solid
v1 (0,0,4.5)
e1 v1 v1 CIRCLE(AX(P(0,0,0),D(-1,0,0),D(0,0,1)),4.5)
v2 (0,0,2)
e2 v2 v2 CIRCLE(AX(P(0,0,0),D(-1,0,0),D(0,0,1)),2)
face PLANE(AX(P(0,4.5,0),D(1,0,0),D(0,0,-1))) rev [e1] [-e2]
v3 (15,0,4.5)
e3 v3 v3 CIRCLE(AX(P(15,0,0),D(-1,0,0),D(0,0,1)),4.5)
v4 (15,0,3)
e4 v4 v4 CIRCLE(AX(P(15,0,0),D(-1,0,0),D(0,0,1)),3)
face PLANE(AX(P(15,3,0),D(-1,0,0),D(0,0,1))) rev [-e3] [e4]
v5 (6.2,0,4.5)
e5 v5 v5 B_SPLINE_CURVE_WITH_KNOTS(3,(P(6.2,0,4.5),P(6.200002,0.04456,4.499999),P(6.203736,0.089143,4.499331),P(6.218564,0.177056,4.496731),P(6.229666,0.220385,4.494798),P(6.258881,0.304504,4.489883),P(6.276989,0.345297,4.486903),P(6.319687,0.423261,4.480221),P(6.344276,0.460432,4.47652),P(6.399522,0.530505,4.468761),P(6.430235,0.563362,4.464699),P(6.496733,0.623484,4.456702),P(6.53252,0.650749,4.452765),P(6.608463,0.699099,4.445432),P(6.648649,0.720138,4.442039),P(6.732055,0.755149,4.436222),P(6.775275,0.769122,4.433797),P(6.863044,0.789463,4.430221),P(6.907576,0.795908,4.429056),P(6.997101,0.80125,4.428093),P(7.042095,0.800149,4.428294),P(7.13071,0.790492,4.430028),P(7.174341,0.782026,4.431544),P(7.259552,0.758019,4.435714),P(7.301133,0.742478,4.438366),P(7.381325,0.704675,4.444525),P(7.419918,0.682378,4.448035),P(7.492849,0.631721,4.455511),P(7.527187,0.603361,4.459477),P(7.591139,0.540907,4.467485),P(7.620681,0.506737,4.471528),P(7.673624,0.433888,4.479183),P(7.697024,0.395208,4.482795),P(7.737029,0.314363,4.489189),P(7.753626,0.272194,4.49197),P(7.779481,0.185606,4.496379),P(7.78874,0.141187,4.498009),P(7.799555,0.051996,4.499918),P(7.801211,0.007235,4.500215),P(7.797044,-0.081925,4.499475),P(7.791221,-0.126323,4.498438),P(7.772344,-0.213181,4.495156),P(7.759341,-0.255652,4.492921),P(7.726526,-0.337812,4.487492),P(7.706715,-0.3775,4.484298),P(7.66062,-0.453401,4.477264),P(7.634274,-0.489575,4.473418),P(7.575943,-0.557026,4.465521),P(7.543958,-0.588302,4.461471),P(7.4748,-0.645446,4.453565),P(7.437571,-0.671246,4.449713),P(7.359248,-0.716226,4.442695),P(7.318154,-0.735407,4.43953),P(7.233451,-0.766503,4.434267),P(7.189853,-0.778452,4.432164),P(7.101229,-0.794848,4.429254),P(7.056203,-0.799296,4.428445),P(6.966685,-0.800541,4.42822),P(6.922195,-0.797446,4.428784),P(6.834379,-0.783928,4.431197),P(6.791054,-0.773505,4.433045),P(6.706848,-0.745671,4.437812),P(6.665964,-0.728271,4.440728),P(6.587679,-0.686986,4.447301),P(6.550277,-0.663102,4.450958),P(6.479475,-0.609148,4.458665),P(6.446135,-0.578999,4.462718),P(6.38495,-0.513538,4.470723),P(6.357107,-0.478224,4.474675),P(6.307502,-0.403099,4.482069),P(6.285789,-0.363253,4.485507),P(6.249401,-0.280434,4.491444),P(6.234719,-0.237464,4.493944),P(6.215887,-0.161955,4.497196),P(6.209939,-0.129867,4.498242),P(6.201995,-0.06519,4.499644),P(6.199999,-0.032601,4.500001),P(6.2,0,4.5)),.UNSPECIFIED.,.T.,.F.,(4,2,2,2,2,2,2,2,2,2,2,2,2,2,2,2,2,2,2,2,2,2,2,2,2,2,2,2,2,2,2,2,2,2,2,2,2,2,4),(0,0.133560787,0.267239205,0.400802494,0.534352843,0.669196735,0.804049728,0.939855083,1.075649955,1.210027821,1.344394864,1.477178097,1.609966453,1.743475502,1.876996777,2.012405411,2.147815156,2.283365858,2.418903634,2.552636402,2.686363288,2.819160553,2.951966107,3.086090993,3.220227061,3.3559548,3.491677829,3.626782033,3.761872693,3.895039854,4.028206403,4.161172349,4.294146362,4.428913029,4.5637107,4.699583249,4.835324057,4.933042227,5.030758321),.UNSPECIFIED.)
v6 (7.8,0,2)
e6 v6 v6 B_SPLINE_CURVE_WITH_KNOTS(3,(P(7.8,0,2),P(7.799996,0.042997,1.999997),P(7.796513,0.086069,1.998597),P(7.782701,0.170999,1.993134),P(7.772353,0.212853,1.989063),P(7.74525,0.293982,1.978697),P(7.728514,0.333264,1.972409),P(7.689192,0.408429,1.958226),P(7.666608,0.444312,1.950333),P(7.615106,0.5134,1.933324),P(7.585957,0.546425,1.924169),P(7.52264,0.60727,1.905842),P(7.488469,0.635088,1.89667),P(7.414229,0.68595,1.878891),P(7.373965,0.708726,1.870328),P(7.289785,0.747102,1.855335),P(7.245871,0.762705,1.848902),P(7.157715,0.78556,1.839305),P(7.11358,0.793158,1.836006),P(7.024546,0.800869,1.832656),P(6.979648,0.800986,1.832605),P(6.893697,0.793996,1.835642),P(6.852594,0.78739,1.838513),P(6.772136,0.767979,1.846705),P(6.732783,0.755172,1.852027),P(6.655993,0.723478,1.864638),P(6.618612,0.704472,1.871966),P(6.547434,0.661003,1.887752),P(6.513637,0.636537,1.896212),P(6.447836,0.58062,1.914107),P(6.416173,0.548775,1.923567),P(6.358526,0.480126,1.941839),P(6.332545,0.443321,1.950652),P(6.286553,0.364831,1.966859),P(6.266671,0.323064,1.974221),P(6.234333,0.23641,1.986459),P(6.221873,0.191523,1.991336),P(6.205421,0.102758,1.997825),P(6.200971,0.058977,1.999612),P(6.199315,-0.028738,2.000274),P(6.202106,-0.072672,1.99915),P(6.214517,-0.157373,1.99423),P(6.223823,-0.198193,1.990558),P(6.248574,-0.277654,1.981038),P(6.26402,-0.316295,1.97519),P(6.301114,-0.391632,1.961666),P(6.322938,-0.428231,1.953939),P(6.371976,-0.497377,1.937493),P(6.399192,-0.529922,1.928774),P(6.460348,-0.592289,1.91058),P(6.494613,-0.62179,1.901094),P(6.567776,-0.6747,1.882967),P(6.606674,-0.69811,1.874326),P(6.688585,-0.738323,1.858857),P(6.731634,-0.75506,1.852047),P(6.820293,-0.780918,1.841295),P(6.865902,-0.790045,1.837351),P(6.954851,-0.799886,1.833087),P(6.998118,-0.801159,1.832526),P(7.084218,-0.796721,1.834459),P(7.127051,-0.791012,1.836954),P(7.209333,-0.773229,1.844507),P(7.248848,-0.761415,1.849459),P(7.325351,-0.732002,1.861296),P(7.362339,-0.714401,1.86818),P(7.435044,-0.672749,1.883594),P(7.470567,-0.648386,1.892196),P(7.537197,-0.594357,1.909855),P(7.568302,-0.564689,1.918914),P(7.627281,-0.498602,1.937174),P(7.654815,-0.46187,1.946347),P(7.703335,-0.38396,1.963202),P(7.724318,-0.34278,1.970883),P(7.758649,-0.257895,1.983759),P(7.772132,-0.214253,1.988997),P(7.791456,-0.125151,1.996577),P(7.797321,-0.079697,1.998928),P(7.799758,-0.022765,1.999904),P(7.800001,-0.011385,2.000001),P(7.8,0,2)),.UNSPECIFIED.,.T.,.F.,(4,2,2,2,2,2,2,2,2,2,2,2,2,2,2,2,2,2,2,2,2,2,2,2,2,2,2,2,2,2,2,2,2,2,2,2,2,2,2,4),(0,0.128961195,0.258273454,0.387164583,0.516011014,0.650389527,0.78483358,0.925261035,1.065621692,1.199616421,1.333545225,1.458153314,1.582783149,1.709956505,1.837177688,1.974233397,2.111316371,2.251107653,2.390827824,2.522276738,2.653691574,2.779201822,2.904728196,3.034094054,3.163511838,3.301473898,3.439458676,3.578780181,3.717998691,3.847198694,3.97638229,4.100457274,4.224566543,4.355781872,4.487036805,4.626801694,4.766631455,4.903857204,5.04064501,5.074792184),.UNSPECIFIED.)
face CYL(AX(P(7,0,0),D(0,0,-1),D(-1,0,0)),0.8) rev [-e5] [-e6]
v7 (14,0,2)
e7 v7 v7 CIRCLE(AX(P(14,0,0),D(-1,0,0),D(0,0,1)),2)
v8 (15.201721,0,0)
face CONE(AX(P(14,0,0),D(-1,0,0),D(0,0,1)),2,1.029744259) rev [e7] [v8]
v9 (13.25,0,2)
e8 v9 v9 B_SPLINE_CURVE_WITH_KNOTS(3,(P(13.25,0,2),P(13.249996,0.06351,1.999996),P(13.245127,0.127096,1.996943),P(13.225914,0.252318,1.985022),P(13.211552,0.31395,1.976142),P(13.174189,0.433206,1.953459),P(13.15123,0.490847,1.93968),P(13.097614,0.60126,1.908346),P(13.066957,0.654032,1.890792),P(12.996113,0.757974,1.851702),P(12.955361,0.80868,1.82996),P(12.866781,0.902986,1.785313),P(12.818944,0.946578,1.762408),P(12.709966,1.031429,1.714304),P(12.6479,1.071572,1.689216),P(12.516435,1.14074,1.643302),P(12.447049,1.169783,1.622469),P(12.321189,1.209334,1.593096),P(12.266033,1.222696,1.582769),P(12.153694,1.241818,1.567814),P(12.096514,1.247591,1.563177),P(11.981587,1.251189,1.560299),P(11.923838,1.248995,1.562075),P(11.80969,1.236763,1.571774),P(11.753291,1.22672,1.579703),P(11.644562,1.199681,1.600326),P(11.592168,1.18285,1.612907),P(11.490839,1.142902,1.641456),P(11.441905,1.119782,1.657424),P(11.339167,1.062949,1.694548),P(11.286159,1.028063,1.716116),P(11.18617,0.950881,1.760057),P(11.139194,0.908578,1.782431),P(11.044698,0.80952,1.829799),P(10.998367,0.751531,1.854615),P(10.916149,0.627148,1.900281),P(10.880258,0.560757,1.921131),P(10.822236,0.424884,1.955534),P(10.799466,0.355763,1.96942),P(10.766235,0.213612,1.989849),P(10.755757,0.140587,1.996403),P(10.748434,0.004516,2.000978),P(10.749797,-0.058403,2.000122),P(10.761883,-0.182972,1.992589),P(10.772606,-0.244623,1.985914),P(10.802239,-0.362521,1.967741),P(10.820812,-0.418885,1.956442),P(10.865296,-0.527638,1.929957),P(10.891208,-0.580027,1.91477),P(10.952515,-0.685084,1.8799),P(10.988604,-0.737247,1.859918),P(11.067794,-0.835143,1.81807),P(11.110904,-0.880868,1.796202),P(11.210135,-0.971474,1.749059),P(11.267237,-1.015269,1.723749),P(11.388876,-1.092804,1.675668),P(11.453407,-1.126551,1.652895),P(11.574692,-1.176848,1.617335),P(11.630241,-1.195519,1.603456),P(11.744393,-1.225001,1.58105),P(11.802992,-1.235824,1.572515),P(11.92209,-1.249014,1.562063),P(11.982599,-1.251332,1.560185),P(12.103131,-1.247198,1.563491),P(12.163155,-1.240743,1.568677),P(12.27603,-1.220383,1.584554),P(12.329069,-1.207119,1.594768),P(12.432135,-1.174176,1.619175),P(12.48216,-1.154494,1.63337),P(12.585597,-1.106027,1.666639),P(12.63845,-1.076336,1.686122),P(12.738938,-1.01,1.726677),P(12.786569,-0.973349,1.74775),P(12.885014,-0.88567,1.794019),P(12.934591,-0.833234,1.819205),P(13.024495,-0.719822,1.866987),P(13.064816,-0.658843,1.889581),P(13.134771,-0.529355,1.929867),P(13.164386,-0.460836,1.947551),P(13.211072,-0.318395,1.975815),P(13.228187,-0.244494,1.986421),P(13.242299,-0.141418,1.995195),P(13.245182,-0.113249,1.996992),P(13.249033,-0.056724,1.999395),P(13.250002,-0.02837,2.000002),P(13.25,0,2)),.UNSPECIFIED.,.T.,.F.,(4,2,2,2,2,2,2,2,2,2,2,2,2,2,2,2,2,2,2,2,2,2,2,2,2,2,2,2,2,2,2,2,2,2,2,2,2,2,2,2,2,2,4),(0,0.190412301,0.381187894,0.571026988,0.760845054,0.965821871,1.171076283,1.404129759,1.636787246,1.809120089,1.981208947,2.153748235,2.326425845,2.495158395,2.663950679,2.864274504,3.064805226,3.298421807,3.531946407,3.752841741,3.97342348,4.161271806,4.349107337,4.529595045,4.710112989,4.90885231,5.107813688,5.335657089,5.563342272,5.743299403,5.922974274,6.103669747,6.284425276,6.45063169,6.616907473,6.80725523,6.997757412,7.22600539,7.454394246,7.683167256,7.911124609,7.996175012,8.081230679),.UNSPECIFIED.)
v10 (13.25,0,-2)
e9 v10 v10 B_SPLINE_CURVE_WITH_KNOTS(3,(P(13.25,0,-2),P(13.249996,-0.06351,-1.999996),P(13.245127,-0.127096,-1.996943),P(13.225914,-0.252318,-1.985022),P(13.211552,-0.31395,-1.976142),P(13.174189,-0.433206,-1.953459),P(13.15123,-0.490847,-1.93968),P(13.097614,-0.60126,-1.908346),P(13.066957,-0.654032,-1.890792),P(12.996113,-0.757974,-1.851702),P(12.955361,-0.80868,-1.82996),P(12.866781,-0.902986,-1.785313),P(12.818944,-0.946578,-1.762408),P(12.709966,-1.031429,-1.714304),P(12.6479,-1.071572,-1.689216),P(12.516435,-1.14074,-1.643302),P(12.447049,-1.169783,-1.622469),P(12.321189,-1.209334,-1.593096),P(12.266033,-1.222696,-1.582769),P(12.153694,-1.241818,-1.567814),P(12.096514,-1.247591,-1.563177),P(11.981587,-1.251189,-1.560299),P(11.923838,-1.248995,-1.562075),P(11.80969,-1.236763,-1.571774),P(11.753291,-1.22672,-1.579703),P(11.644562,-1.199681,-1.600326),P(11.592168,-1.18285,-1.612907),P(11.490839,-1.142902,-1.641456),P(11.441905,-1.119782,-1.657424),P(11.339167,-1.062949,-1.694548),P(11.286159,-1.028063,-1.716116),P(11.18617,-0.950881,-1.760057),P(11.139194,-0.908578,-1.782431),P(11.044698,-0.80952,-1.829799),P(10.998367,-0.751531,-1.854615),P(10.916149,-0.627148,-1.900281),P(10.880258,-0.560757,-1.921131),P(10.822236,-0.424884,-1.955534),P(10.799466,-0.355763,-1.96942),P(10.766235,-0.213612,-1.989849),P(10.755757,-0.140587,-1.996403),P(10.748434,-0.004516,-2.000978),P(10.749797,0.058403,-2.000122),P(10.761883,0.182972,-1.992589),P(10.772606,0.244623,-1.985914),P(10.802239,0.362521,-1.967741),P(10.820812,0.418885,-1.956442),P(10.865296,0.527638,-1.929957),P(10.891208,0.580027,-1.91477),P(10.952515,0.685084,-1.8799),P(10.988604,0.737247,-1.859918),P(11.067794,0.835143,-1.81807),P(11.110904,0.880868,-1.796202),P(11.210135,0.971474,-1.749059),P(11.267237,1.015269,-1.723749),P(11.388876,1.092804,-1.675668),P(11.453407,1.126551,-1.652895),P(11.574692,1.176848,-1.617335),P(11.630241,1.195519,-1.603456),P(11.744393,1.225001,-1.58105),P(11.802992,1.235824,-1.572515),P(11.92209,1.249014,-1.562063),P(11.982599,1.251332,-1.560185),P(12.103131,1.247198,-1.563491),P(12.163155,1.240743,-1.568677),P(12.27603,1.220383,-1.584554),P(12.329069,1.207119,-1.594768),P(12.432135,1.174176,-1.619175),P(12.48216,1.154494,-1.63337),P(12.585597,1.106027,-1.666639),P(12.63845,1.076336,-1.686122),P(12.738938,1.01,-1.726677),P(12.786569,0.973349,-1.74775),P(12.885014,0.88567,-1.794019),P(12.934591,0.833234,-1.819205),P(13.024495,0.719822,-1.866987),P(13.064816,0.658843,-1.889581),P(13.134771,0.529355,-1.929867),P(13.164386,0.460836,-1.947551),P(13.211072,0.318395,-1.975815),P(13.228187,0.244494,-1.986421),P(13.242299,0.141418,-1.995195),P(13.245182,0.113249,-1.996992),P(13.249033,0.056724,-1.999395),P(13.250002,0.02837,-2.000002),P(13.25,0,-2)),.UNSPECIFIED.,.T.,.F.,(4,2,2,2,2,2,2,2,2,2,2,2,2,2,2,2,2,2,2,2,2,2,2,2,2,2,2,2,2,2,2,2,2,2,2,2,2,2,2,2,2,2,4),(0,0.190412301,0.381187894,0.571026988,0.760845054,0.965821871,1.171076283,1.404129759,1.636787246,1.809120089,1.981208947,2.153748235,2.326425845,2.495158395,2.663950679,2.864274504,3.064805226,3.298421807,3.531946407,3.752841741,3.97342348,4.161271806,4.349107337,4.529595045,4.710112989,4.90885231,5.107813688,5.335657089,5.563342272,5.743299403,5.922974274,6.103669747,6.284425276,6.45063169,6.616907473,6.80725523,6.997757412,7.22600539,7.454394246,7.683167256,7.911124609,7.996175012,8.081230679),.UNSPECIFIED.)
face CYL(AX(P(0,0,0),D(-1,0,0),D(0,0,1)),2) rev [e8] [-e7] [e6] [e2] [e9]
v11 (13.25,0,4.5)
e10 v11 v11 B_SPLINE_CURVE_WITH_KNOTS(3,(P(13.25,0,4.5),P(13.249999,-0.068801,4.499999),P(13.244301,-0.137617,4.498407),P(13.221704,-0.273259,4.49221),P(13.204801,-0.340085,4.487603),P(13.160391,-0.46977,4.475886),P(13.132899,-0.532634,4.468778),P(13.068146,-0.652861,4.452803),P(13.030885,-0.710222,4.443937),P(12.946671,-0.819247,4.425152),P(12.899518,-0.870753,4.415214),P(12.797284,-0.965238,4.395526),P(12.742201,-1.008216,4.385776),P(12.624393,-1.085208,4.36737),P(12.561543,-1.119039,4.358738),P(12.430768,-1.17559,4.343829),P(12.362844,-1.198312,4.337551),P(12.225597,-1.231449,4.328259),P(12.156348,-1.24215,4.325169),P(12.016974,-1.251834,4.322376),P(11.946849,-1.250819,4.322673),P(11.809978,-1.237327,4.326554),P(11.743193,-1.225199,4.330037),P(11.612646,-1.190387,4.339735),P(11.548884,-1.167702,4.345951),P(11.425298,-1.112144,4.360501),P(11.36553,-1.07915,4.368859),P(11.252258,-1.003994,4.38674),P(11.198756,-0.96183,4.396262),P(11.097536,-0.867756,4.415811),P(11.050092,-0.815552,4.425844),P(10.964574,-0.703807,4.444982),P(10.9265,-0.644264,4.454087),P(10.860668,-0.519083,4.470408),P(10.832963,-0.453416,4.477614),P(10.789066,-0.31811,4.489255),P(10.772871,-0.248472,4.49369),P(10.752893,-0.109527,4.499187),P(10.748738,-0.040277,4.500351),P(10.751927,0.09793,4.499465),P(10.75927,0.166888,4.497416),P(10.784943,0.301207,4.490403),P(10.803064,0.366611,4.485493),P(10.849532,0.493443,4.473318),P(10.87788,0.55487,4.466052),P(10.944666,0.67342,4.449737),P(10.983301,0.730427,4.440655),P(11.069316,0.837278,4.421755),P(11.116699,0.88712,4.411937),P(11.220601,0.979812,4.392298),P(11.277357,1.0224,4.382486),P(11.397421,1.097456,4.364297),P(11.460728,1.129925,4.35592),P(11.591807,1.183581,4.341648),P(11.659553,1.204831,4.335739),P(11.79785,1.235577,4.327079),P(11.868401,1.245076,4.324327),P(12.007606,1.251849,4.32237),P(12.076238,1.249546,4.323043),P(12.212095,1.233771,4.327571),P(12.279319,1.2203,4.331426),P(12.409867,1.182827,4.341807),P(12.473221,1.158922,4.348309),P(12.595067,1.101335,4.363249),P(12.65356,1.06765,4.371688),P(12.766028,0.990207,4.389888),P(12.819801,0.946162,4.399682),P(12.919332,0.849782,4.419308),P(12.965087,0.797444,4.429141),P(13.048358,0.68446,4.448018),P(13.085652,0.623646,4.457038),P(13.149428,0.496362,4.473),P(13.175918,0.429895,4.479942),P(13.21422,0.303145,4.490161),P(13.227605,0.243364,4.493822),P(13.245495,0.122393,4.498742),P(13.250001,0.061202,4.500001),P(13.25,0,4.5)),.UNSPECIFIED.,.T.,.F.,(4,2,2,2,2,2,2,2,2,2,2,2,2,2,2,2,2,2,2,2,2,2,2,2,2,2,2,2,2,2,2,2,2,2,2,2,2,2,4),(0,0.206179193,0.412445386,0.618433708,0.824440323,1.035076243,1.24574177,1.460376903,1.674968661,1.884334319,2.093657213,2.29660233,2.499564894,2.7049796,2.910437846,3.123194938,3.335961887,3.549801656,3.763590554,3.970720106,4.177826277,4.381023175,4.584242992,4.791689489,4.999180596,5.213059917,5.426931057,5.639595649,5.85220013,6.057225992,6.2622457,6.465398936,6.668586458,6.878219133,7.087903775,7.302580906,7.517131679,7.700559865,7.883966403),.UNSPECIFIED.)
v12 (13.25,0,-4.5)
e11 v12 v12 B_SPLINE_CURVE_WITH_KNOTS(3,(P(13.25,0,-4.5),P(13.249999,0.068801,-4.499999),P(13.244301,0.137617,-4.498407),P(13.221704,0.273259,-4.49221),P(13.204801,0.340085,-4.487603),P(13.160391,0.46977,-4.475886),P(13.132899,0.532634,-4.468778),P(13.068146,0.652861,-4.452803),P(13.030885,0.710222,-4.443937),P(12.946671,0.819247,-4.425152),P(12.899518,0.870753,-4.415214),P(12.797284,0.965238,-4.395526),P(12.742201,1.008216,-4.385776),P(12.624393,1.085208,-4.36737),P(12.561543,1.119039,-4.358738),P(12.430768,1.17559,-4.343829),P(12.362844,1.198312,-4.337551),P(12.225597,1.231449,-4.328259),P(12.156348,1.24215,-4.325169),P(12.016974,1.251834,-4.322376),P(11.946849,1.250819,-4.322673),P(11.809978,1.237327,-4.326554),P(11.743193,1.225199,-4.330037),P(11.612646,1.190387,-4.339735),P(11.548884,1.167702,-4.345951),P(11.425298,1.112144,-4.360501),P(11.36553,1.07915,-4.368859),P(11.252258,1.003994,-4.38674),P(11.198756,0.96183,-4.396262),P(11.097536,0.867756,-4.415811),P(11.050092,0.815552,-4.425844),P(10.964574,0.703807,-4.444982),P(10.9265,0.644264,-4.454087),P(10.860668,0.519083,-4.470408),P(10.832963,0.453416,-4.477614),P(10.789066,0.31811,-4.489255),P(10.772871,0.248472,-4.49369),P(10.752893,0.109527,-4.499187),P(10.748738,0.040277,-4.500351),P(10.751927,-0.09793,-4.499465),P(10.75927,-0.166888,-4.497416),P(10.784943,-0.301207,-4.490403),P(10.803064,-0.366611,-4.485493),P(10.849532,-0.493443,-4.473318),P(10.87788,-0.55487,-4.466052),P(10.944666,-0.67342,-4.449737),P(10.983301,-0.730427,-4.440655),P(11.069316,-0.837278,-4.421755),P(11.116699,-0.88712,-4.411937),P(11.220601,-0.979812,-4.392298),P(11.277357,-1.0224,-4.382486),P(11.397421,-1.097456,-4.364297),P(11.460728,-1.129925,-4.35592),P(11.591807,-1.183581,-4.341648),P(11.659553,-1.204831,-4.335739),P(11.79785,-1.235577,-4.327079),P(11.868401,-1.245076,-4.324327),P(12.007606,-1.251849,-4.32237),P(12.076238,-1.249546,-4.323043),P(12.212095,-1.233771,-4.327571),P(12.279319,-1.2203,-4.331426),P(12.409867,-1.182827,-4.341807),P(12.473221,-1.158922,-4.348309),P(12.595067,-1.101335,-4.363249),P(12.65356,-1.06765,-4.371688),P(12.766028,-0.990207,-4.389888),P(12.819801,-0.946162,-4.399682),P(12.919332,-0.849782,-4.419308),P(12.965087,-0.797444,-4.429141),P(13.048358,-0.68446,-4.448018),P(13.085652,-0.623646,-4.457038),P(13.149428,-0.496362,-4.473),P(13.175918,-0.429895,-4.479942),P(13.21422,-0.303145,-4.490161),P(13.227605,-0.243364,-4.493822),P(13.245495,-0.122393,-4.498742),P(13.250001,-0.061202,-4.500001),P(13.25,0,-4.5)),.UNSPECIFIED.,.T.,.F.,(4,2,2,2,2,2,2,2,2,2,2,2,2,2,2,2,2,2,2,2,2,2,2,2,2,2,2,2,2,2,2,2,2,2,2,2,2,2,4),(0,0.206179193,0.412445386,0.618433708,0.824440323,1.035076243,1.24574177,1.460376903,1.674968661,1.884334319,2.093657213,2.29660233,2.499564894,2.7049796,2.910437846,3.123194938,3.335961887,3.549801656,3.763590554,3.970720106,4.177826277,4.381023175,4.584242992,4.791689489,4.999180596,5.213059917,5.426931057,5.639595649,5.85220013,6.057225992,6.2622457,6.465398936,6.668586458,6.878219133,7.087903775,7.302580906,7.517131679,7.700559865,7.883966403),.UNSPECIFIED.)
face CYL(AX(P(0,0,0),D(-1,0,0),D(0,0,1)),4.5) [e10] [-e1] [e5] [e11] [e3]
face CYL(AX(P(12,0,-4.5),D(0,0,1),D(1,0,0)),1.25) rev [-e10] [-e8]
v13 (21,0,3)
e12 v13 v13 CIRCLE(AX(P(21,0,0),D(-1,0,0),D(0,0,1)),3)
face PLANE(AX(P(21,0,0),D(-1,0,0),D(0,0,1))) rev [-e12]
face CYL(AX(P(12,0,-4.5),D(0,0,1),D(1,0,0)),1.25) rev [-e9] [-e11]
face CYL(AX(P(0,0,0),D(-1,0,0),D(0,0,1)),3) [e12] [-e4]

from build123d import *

# Parameters (mm, degrees)
SKIZZE5_W                            = 0.8
SKIZZE5_H                            = 4.5
SKIZZE7_R                            = 1.25
SCHNITT_LINEAR_AUSTRAGEN2_DEPTH      = 5.50000011
SCHNITT_LINEAR_AUSTRAGEN2_DEPTH_BACK = 5.5000001


with BuildPart() as part:
    # Skizze1 → Rotation1 (revolve)
    with BuildSketch(Plane.XY):
        Polygon((0, 4.5), (0, 2), (14, 2), (15.201721238, 0), (21, 0), (21, 3), (15, 3), (15, 4.5), align=None)
    revolve(axis=Axis((0, 0, 0), (1, 0, 0)))

    # Skizze5 → M2 Gewindebohrung1 (revolve, cut)
    with BuildSketch(Plane.YZ.offset(7)):
        with Locations((0.4, 2.25)):
            Rectangle(SKIZZE5_W, SKIZZE5_H)
    revolve(axis=Axis((7, 0, -6.35), (0, 0, 1)), mode=Mode.SUBTRACT)

    # Skizze7 → Schnitt-Linear austragen2 (cut, two sides)
    with BuildSketch(Plane.XY) as schnitt_linear_austragen2_sk:
        with Locations((12, 0)):
            Circle(SKIZZE7_R)
    extrude(amount=SCHNITT_LINEAR_AUSTRAGEN2_DEPTH, mode=Mode.SUBTRACT)
    extrude(schnitt_linear_austragen2_sk.sketch, amount=-SCHNITT_LINEAR_AUSTRAGEN2_DEPTH_BACK, mode=Mode.SUBTRACT)


solid = part.part
